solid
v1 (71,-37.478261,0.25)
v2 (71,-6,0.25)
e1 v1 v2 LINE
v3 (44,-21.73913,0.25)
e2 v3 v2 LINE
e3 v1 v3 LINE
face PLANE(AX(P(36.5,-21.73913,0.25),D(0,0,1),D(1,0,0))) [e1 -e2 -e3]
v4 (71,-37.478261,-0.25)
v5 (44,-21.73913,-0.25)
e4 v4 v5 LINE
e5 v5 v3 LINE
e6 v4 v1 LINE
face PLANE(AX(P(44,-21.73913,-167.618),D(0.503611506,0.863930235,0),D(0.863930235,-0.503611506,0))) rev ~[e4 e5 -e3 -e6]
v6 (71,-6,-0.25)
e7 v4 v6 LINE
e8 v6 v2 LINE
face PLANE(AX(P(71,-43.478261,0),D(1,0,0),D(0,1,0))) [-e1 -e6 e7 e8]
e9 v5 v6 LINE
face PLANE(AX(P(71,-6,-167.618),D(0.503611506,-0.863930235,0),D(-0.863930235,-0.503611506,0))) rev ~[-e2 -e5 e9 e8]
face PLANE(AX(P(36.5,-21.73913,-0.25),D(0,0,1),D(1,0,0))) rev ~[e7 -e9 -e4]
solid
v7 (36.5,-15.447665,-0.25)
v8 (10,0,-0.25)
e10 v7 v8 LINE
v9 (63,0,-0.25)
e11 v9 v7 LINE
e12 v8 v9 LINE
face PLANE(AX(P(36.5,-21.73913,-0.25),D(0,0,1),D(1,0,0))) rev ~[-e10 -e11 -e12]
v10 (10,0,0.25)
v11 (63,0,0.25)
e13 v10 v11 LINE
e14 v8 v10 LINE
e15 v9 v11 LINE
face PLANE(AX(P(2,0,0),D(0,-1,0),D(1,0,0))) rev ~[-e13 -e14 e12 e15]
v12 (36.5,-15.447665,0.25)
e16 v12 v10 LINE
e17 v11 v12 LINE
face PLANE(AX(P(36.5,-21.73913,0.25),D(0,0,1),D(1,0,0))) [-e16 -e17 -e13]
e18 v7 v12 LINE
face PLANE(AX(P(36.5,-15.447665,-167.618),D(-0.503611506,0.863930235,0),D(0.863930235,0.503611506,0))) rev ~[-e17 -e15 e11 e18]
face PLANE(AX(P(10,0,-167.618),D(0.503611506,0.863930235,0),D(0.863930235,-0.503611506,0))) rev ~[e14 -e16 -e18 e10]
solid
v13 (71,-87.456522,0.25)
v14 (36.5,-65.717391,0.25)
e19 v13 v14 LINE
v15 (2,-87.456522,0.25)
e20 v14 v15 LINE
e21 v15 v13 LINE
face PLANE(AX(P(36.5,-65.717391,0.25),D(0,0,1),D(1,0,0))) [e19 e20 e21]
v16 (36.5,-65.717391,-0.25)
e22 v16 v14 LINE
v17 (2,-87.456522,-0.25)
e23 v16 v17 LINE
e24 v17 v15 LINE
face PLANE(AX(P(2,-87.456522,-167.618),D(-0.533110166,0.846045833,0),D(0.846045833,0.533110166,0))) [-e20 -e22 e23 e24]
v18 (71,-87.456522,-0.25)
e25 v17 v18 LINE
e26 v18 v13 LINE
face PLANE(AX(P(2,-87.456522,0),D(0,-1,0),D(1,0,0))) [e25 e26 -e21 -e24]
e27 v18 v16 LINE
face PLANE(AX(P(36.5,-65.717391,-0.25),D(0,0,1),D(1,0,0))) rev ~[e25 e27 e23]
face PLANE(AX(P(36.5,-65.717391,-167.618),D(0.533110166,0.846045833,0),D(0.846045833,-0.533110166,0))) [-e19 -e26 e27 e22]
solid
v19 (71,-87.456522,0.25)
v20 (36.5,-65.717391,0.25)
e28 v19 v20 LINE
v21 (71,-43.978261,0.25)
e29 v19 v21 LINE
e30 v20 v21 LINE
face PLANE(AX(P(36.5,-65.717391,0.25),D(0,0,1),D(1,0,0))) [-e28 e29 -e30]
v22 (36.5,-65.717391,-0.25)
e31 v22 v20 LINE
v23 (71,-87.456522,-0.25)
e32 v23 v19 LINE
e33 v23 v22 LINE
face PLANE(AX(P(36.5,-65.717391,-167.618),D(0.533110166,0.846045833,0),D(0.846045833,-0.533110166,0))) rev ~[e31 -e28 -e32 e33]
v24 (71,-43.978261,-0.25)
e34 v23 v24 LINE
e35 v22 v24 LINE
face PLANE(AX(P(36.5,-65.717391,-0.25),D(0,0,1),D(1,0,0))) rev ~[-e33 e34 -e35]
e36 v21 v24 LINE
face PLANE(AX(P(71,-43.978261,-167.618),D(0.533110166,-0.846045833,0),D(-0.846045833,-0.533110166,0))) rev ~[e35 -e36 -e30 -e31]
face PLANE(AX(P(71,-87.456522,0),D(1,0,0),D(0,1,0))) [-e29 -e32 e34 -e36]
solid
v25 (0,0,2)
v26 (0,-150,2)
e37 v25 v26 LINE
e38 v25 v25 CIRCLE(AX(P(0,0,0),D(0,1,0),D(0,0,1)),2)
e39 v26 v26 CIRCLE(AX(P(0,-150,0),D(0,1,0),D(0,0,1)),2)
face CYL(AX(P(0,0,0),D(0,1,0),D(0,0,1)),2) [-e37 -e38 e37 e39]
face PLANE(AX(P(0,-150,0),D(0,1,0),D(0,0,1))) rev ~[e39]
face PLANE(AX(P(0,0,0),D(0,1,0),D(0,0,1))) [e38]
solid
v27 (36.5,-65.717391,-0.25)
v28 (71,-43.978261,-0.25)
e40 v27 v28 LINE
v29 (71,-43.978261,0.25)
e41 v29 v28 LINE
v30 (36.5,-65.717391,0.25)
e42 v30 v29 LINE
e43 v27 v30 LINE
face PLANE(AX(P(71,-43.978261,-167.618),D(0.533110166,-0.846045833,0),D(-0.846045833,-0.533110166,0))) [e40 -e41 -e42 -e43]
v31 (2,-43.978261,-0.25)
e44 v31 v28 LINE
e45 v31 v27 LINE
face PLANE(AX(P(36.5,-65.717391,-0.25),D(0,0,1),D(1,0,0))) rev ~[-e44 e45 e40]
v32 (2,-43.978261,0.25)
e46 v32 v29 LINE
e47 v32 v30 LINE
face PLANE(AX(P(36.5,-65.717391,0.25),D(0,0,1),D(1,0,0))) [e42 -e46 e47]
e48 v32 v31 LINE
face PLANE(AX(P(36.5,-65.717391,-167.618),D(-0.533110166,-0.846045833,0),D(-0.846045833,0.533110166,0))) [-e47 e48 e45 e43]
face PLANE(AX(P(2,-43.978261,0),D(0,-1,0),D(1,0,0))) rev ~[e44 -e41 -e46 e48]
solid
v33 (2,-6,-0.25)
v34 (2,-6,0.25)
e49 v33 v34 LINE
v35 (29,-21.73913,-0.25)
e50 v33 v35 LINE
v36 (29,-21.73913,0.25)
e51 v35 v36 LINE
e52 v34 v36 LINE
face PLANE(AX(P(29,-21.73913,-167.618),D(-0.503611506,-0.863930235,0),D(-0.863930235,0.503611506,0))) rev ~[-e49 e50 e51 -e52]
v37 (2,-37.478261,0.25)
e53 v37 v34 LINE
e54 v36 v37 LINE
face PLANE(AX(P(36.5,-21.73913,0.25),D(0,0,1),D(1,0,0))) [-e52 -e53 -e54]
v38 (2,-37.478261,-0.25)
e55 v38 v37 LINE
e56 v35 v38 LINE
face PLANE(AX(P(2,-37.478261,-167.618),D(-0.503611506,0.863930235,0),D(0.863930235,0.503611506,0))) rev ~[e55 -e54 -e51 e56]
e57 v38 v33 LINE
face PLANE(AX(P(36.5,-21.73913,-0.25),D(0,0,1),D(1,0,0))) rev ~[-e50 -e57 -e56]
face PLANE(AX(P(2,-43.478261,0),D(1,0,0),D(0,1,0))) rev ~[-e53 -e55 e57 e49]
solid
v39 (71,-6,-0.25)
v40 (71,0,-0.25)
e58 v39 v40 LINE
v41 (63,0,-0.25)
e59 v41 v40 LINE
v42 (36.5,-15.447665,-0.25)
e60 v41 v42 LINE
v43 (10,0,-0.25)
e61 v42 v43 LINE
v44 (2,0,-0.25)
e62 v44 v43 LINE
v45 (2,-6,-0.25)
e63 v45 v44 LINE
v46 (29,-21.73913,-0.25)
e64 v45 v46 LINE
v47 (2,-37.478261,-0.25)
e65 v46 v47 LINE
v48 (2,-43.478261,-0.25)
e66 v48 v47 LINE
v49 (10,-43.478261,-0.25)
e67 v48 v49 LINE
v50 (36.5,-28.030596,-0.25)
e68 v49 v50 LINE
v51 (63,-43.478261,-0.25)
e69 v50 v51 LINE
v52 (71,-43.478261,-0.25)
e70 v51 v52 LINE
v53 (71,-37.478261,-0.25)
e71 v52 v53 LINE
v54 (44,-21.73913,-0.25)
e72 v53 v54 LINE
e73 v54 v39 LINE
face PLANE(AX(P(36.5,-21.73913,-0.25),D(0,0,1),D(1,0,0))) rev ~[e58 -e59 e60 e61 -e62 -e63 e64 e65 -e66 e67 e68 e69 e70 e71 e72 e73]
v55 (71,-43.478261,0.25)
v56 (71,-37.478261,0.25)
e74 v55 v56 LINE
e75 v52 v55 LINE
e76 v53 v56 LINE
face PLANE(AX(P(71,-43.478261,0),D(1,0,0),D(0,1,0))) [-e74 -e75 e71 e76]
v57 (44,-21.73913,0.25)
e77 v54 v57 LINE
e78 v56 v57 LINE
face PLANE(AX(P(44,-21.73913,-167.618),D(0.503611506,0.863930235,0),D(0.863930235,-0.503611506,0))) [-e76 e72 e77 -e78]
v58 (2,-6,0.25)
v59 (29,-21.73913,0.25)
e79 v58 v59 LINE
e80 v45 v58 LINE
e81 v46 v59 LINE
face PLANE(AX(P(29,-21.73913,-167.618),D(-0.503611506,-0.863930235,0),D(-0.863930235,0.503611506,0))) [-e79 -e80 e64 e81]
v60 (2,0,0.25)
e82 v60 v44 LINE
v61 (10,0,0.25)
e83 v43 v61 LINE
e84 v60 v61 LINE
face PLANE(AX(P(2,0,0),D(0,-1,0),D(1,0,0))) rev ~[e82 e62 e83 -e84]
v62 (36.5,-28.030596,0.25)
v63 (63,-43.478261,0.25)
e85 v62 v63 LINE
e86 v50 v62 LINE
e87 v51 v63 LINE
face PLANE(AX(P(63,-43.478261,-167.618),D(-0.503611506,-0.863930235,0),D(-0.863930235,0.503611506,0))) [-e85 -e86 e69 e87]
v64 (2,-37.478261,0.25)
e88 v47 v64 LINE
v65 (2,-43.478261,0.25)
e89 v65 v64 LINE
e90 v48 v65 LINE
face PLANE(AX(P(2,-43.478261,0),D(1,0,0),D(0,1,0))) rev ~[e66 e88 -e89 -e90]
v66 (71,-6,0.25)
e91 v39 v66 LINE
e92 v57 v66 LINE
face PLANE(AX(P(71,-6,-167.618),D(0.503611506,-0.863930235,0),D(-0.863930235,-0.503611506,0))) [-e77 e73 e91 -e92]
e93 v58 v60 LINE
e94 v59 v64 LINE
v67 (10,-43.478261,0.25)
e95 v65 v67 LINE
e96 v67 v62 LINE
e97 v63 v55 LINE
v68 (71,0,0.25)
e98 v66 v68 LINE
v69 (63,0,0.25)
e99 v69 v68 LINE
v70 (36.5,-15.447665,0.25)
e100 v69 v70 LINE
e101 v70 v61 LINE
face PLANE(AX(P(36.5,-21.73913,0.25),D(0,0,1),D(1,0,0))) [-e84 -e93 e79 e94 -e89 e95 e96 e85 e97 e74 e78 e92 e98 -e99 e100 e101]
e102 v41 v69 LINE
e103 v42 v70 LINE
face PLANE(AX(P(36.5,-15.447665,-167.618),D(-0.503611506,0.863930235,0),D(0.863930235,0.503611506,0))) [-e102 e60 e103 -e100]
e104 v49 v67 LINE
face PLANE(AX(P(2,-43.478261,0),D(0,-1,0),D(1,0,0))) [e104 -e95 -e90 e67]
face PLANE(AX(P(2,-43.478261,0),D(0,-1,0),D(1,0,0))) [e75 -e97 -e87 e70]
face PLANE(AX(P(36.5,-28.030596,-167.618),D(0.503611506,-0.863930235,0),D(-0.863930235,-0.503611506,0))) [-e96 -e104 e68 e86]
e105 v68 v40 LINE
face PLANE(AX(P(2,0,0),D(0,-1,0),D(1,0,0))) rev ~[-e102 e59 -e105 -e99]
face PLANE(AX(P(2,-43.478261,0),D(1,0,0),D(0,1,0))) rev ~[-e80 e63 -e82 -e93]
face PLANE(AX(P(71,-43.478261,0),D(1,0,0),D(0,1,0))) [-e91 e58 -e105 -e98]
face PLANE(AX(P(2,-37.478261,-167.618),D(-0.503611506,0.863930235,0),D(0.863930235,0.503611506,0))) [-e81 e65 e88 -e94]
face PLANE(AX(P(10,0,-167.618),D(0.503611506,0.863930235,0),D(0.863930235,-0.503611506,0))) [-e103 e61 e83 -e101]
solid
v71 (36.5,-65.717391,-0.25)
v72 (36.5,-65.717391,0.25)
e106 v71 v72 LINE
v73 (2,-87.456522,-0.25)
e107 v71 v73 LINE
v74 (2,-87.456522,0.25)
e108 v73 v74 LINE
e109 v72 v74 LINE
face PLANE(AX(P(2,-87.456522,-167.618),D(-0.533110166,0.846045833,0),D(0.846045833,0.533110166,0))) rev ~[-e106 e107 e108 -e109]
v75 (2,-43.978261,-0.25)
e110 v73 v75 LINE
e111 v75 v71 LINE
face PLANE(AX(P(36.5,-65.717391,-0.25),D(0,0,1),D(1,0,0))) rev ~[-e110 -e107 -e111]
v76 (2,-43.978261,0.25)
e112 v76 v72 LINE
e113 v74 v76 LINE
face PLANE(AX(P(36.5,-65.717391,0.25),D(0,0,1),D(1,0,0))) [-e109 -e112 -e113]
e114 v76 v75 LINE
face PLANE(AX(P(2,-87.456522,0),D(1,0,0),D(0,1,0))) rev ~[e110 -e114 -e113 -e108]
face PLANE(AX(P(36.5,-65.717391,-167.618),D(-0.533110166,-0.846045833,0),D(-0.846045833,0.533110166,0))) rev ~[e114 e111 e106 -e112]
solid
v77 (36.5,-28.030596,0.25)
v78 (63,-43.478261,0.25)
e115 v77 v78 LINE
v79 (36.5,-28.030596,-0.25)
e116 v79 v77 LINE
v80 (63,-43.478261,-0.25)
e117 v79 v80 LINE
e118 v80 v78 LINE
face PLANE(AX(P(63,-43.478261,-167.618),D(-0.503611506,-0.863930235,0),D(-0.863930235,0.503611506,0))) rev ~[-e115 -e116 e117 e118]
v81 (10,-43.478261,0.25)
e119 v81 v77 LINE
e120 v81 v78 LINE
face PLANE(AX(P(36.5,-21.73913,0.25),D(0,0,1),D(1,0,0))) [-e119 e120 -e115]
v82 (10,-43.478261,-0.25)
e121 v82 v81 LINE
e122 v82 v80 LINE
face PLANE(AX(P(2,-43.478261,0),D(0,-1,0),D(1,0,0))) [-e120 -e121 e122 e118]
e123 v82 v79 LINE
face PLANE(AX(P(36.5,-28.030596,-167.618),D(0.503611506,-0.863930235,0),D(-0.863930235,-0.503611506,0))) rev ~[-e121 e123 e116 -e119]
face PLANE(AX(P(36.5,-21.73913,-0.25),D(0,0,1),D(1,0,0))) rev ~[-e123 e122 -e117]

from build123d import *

# Parameters (mm, degrees)
ESQUISSE2_W                  = 69
ESQUISSE2_H                  = 43.47826087
BOSS_EXTRU_2_DEPTH           = 0.25
ESQUISSE2_H_2                = 43.478260869
BOSS_EXTRU_2_2_DEPTH         = 0.25
ESQUISSE3_R                  = 2
BOSS_EXTRU_3_DEPTH           = 150
FRACTIONNER1_SURFACE_1_BACK  = 167.868
FRACTIONNER1_SURFACE_1_DEPTH = 335.736
FRACTIONNER1_SURFACE_2_BACK  = 167.868
FRACTIONNER1_SURFACE_2_DEPTH = 335.736
FRACTIONNER2_SURFACE_3_BACK  = 167.868
FRACTIONNER2_SURFACE_3_DEPTH = 335.736
FRACTIONNER2_SURFACE_4_BACK  = 167.868
FRACTIONNER2_SURFACE_4_DEPTH = 335.736
FRACTIONNER3_SURFACE_5_BACK  = 167.868
FRACTIONNER3_SURFACE_5_DEPTH = 335.736
FRACTIONNER3_SURFACE_6_BACK  = 167.868
FRACTIONNER3_SURFACE_6_DEPTH = 335.736


with BuildPart() as part:
    # Esquisse2 → Boss.-Extru.2 (new, symmetric)
    with BuildSketch(Plane.XY):
        with Locations((36.5, -21.739130435)):
            Rectangle(ESQUISSE2_W, ESQUISSE2_H)
    extrude(amount=BOSS_EXTRU_2_DEPTH, both=True)


with BuildPart() as body_2:
    # Esquisse2 → Boss.-Extru.2 2 (new, symmetric)
    with BuildSketch(Plane.XY):
        with Locations((36.5, -65.717391305)):
            Rectangle(ESQUISSE2_W, ESQUISSE2_H_2)
    extrude(amount=BOSS_EXTRU_2_2_DEPTH, both=True)


with BuildPart() as body_3:
    # Esquisse3 → Boss.-Extru.3 (new body)
    with BuildSketch(Plane(origin=(0, 0, 0), x_dir=(1, 0, 0), z_dir=(0, 1, 0))):
        with Locations(Location((0, 0, 0), (0, 0, 270))):
            Circle(ESQUISSE3_R)
    extrude(amount=-BOSS_EXTRU_3_DEPTH)


with BuildPart() as body_4:
    # Fractionner1: the piece behind the surface
    add(part.part)
    # Fractionner1 surface: a surface, the sketch's curves swept straight by 335.736 mm
    with BuildLine(Plane.XY.offset(0.25).offset(-FRACTIONNER1_SURFACE_1_BACK), mode=Mode.PRIVATE) as fractionner1_surface_1_path:
        Line((10, 0), (36.5, -15.447665056))
        Line((36.5, -15.447665056), (63, 0))
        Line((63, 0), (71, 0))
        Line((71, 0), (71, -6))
        Line((71, -6), (44, -21.739130435))
        Line((44, -21.739130435), (71, -37.47826087))
        Line((71, -37.47826087), (71, -43.47826087))
        Line((71, -43.47826087), (63, -43.47826087))
        Line((63, -43.47826087), (36.5, -28.030595813))
        Line((36.5, -28.030595813), (10, -43.47826087))
        Line((10, -43.47826087), (2, -43.47826087))
        Line((2, -43.47826087), (2, -37.47826087))
        Line((2, -37.47826087), (29, -21.739130435))
        Line((29, -21.739130435), (2, -6))
        Line((2, -6), (2, 0))
        Line((2, 0), (10, 0))
    fractionner1_surface_1 = Shell.extrude(fractionner1_surface_1_path.wire(), (0 * FRACTIONNER1_SURFACE_1_DEPTH, 0 * FRACTIONNER1_SURFACE_1_DEPTH, 1 * FRACTIONNER1_SURFACE_1_DEPTH))
    split(bisect_by=fractionner1_surface_1, keep=Keep.BOTTOM)


with BuildPart() as part_1:
    add(part.part)

    # Fractionner1: split by a surface, the side it looks to stays
    # Fractionner1 surface: a surface, the sketch's curves swept straight by 335.736 mm
    with BuildLine(Plane.XY.offset(0.25).offset(-FRACTIONNER1_SURFACE_2_BACK), mode=Mode.PRIVATE) as fractionner1_surface_2_path:
        Line((10, 0), (36.5, -15.447665056))
        Line((36.5, -15.447665056), (63, 0))
        Line((63, 0), (71, 0))
        Line((71, 0), (71, -6))
        Line((71, -6), (44, -21.739130435))
        Line((44, -21.739130435), (71, -37.47826087))
        Line((71, -37.47826087), (71, -43.47826087))
        Line((71, -43.47826087), (63, -43.47826087))
        Line((63, -43.47826087), (36.5, -28.030595813))
        Line((36.5, -28.030595813), (10, -43.47826087))
        Line((10, -43.47826087), (2, -43.47826087))
        Line((2, -43.47826087), (2, -37.47826087))
        Line((2, -37.47826087), (29, -21.739130435))
        Line((29, -21.739130435), (2, -6))
        Line((2, -6), (2, 0))
        Line((2, 0), (10, 0))
    fractionner1_surface_2 = Shell.extrude(fractionner1_surface_2_path.wire(), (0 * FRACTIONNER1_SURFACE_2_DEPTH, 0 * FRACTIONNER1_SURFACE_2_DEPTH, 1 * FRACTIONNER1_SURFACE_2_DEPTH))
    split(bisect_by=fractionner1_surface_2, keep=Keep.TOP)


with BuildPart() as body_5:
    # Fractionner2: the piece behind the surface
    add(body_2.part)
    # Fractionner2 surface: a surface, the sketch's curves swept straight by 335.736 mm
    with BuildLine(Plane.XY.offset(0.25).offset(-FRACTIONNER2_SURFACE_3_BACK), mode=Mode.PRIVATE) as fractionner2_surface_3_path:
        Line((2, -43.97826087), (71, -43.97826087))
        Line((71, -43.97826087), (36.5, -65.717391304))
        Line((36.5, -65.717391304), (2, -43.97826087))
    fractionner2_surface_3 = Shell.extrude(fractionner2_surface_3_path.wire(), (0 * FRACTIONNER2_SURFACE_3_DEPTH, 0 * FRACTIONNER2_SURFACE_3_DEPTH, 1 * FRACTIONNER2_SURFACE_3_DEPTH))
    split(bisect_by=fractionner2_surface_3, keep=Keep.BOTTOM)


with BuildPart() as body_2_1:
    add(body_2.part)

    # Fractionner2: split by a surface, the side it looks to stays
    # Fractionner2 surface: a surface, the sketch's curves swept straight by 335.736 mm
    with BuildLine(Plane.XY.offset(0.25).offset(-FRACTIONNER2_SURFACE_4_BACK), mode=Mode.PRIVATE) as fractionner2_surface_4_path:
        Line((2, -43.97826087), (71, -43.97826087))
        Line((71, -43.97826087), (36.5, -65.717391304))
        Line((36.5, -65.717391304), (2, -43.97826087))
    fractionner2_surface_4 = Shell.extrude(fractionner2_surface_4_path.wire(), (0 * FRACTIONNER2_SURFACE_4_DEPTH, 0 * FRACTIONNER2_SURFACE_4_DEPTH, 1 * FRACTIONNER2_SURFACE_4_DEPTH))
    split(bisect_by=fractionner2_surface_4, keep=Keep.TOP)


with BuildPart() as body_6:
    # Fractionner3: the piece behind the surface
    add(body_2_1.part)
    # Fractionner3 surface: a surface, the sketch's curves swept straight by 335.736 mm
    with BuildLine(Plane.XY.offset(0.25).offset(-FRACTIONNER3_SURFACE_5_BACK), mode=Mode.PRIVATE) as fractionner3_surface_5_path:
        Line((2, -87.456521739), (36.5, -65.717391304))
        Line((36.5, -65.717391304), (71, -87.456521739))
        Line((71, -87.456521739), (2, -87.456521739))
    fractionner3_surface_5 = Shell.extrude(fractionner3_surface_5_path.wire(), (0 * FRACTIONNER3_SURFACE_5_DEPTH, 0 * FRACTIONNER3_SURFACE_5_DEPTH, 1 * FRACTIONNER3_SURFACE_5_DEPTH))
    split(bisect_by=fractionner3_surface_5, keep=Keep.BOTTOM)


with BuildPart() as body_2_2:
    add(body_2_1.part)

    # Fractionner3: split by a surface, the side it looks to stays
    # Fractionner3 surface: a surface, the sketch's curves swept straight by 335.736 mm
    with BuildLine(Plane.XY.offset(0.25).offset(-FRACTIONNER3_SURFACE_6_BACK), mode=Mode.PRIVATE) as fractionner3_surface_6_path:
        Line((2, -87.456521739), (36.5, -65.717391304))
        Line((36.5, -65.717391304), (71, -87.456521739))
        Line((71, -87.456521739), (2, -87.456521739))
    fractionner3_surface_6 = Shell.extrude(fractionner3_surface_6_path.wire(), (0 * FRACTIONNER3_SURFACE_6_DEPTH, 0 * FRACTIONNER3_SURFACE_6_DEPTH, 1 * FRACTIONNER3_SURFACE_6_DEPTH))
    split(bisect_by=fractionner3_surface_6, keep=Keep.TOP)


solid = Compound([body_3.part, body_4.part, part_1.part, body_5.part, body_6.part, body_2_2.part])
